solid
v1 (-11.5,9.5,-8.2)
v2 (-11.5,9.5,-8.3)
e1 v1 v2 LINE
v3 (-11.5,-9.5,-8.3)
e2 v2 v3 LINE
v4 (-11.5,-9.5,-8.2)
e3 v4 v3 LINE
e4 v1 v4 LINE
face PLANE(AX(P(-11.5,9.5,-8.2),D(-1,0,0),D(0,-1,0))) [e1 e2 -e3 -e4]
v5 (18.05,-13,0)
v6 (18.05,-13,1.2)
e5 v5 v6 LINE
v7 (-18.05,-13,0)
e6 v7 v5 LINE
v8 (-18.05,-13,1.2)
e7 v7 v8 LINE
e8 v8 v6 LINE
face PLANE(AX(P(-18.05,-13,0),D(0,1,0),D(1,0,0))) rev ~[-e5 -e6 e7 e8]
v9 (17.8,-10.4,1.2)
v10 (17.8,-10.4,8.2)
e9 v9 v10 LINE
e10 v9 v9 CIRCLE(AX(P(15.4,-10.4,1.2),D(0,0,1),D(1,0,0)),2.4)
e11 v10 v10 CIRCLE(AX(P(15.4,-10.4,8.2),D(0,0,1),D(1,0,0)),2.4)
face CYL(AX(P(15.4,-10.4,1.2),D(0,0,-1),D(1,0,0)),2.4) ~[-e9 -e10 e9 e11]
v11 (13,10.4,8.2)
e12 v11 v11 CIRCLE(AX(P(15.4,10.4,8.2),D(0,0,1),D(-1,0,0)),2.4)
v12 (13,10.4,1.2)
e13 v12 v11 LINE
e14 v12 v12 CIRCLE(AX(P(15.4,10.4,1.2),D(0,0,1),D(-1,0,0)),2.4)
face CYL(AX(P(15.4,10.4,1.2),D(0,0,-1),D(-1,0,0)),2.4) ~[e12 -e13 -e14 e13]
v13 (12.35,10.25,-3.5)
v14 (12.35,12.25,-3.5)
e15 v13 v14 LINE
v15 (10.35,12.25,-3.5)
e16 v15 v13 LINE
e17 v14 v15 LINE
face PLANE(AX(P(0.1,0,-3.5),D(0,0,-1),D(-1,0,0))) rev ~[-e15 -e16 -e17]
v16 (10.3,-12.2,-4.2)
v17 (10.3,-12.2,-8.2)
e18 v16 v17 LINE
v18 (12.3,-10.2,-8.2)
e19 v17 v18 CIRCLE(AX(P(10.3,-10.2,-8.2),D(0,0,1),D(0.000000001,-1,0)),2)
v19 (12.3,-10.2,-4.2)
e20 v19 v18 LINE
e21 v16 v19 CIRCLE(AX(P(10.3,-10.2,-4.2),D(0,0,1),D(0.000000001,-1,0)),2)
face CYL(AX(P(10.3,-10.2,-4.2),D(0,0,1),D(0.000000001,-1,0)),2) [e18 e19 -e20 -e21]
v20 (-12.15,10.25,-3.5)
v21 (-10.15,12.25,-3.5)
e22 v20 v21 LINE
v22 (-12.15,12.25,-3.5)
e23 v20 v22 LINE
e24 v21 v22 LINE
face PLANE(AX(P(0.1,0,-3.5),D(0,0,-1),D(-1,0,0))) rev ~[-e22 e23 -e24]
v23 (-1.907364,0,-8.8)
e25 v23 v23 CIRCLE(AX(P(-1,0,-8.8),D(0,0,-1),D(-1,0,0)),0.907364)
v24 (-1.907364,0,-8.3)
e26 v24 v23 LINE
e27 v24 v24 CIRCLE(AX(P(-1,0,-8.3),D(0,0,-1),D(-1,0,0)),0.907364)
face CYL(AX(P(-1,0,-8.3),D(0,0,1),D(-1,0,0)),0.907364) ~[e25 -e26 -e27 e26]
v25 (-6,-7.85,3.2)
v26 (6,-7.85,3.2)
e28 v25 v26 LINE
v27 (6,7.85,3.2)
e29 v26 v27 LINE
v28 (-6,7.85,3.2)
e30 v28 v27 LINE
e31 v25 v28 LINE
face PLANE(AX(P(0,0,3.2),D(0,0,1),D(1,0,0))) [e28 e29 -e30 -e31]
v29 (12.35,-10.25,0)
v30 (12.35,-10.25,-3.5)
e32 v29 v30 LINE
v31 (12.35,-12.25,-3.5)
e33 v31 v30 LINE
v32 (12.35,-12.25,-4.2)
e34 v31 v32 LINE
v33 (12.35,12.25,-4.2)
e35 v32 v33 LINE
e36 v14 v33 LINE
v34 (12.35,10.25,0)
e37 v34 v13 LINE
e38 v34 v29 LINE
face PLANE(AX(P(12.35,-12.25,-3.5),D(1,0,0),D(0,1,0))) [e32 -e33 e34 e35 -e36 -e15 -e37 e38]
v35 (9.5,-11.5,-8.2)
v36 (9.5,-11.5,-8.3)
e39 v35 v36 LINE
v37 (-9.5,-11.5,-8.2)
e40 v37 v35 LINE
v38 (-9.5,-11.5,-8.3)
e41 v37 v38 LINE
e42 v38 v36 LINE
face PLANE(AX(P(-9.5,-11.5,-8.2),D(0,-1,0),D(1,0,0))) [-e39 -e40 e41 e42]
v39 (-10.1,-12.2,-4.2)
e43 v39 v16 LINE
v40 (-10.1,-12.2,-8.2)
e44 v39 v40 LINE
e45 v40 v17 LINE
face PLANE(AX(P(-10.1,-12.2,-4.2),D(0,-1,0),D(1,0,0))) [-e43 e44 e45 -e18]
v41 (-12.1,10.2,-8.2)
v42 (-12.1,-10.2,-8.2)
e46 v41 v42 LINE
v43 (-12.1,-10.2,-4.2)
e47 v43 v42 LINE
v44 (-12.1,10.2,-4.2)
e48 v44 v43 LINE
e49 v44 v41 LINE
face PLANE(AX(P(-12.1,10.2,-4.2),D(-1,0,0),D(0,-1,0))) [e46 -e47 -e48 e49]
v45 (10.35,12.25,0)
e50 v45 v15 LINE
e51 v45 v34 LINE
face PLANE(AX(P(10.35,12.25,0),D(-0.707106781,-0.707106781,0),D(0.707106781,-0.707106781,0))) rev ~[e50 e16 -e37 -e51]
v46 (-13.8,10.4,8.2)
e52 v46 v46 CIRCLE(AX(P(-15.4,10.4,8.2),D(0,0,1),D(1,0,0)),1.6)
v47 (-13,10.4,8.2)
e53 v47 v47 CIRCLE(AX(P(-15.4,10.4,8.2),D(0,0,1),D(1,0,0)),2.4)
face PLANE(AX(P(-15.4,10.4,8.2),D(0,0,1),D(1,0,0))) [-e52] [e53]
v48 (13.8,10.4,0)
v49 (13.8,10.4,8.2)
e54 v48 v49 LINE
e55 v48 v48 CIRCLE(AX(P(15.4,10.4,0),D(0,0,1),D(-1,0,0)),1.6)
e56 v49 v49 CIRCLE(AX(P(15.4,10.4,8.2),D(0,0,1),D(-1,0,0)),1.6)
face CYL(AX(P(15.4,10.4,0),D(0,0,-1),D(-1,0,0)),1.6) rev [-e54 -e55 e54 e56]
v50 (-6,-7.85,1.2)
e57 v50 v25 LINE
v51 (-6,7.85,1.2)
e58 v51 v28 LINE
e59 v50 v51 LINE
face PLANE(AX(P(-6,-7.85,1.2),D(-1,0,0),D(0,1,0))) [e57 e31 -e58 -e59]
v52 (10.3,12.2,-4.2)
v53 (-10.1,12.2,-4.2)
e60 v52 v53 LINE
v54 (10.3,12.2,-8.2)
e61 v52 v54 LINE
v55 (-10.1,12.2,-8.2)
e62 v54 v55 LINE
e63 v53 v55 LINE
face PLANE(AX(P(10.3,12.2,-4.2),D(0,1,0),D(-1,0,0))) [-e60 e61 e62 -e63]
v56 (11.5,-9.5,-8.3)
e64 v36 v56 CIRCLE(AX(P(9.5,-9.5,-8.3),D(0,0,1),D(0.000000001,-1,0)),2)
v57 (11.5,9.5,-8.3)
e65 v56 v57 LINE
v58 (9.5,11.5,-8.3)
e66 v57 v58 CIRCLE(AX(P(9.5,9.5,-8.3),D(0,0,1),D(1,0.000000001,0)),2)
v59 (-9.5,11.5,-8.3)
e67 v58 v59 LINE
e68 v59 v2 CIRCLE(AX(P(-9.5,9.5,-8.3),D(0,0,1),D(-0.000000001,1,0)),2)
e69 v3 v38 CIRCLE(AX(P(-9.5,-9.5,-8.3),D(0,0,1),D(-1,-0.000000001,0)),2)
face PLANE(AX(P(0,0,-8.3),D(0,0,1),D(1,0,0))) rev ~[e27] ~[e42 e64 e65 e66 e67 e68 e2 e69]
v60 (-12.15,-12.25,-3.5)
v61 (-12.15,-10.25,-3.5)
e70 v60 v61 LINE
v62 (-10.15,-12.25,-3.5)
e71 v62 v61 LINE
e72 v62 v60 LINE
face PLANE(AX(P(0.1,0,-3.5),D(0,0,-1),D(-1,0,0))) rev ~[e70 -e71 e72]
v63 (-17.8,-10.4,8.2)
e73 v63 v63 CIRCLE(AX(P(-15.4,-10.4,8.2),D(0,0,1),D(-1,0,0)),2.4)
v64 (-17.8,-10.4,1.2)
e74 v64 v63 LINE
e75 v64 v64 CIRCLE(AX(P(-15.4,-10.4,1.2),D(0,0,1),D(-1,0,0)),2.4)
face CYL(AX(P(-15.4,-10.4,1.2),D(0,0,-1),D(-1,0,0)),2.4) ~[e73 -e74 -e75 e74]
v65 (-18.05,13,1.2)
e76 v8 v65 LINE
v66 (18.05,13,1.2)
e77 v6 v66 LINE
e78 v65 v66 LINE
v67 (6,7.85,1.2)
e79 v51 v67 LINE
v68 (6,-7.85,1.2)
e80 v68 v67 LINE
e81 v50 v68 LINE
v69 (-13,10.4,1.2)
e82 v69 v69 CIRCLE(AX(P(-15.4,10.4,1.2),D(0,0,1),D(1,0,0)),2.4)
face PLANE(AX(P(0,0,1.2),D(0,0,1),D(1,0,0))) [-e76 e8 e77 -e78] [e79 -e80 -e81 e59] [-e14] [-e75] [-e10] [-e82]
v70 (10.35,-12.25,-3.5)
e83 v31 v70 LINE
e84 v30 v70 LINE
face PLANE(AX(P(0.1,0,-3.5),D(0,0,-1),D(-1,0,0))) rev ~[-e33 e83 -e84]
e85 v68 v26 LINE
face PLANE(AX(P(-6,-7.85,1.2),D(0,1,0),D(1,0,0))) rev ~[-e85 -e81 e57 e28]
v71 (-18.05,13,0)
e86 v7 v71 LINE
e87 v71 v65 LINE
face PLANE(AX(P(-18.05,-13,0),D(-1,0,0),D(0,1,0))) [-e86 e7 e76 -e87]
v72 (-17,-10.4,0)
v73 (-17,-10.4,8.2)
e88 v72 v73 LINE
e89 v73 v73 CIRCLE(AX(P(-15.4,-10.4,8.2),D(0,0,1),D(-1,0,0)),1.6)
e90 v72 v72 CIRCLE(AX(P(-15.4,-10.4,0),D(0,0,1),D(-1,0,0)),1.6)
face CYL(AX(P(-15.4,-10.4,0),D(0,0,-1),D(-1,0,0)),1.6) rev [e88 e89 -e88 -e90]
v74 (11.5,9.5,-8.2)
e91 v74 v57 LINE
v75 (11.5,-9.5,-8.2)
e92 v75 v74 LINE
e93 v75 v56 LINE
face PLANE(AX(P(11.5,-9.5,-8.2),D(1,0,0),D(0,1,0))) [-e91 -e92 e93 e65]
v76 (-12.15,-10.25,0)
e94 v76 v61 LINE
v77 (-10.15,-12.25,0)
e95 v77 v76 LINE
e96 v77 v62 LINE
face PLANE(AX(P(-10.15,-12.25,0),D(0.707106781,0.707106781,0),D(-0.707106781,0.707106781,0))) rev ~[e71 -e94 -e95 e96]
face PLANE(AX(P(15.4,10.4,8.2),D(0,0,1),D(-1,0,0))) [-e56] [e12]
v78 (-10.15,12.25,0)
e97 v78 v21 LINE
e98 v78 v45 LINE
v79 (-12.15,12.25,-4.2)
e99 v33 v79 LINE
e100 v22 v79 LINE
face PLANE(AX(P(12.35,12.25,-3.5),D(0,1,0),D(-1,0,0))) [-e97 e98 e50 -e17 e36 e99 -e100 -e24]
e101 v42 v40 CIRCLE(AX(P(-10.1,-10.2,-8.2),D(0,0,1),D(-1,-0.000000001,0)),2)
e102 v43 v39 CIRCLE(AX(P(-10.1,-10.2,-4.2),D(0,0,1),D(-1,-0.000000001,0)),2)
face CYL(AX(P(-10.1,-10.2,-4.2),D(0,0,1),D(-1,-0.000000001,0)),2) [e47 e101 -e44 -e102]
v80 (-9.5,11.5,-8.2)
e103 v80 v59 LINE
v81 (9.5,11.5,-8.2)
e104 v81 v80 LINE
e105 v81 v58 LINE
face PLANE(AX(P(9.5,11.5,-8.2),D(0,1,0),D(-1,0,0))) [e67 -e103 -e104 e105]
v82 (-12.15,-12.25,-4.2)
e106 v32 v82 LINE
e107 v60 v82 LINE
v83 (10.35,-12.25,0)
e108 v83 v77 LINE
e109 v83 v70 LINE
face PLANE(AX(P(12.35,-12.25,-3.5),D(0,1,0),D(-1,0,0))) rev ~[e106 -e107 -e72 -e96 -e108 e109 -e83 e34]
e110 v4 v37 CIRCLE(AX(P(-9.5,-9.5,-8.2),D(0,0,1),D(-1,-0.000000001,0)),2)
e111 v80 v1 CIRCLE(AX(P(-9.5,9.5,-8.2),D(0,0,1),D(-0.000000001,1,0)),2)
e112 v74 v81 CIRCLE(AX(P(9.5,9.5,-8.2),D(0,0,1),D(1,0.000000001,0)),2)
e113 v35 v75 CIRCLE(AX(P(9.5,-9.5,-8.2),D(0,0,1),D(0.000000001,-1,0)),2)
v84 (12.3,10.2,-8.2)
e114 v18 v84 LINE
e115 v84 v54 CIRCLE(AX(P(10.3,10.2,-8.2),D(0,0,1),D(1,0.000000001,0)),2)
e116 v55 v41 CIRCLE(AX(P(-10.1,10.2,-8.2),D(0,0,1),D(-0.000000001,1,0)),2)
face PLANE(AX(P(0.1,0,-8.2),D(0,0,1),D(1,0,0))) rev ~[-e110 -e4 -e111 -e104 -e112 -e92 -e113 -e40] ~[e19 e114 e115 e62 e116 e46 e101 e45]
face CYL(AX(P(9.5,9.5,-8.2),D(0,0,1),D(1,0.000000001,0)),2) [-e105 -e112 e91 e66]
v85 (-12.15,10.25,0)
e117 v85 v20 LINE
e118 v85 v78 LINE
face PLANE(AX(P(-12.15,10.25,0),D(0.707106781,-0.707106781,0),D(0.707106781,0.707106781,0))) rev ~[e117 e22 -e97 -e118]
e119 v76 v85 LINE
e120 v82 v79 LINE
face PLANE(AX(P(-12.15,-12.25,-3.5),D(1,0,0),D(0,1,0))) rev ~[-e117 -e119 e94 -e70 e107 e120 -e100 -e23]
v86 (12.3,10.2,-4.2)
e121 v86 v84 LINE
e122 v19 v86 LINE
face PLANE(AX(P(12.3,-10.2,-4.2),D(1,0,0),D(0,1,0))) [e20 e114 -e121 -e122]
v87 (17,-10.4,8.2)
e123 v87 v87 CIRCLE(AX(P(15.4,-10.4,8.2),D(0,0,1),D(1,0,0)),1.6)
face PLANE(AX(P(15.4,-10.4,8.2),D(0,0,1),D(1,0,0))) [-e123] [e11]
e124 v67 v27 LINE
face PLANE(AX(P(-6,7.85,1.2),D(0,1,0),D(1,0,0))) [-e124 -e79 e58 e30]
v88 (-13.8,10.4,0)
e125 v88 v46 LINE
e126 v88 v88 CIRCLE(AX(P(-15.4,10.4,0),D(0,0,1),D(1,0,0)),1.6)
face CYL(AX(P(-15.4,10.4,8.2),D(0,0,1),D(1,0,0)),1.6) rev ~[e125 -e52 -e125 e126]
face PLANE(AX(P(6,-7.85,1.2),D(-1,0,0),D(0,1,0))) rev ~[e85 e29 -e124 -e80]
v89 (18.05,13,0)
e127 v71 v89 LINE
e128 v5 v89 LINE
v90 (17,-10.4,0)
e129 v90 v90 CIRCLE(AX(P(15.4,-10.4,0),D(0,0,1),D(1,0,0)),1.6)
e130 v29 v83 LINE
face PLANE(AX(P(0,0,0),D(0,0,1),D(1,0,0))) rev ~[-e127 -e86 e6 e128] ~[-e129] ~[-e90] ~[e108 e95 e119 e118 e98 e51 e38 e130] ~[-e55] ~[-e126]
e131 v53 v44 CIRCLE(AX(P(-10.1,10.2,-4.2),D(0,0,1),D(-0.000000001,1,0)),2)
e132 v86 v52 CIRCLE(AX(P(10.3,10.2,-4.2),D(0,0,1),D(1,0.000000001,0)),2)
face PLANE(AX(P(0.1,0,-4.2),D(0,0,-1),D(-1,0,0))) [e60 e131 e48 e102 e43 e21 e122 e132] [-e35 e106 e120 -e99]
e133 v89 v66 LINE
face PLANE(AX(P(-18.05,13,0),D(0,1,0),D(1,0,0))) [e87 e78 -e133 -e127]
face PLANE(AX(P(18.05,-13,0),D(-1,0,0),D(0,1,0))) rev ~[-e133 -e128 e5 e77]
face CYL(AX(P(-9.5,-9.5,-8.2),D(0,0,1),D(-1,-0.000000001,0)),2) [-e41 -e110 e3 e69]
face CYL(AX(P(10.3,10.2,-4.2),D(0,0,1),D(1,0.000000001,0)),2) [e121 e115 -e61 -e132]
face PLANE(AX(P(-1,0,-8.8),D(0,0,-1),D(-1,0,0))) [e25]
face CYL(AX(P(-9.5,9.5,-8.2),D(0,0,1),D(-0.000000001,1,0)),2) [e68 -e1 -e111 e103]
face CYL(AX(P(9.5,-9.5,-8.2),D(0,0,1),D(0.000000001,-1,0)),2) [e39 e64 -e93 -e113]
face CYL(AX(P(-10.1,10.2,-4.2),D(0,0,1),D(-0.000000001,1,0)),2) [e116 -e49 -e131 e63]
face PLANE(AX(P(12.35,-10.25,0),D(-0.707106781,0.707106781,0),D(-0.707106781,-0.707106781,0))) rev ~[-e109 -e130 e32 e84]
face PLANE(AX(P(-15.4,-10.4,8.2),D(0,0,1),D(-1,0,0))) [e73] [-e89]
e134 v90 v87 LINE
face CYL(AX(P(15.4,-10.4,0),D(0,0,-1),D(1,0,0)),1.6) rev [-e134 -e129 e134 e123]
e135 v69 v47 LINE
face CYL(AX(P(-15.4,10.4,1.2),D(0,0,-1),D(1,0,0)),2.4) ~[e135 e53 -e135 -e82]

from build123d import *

# Parameters (mm, degrees)
SKETCH1_W           = 36.1
SKETCH1_H           = 26
SKETCH1_R           = 1.6
BOSS_EXTRUDE1_DEPTH = 1.2
BOSS_EXTRUDE2_DEPTH = 3.5
SKETCH3_W           = 24.5
SKETCH3_H           = 24.5
BOSS_EXTRUDE3_DEPTH = 0.7
BOSS_EXTRUDE5_DEPTH = 4
BOSS_EXTRUDE6_DEPTH = 0.1
SKETCH6_R           = 0.907363589
BOSS_EXTRUDE7_DEPTH = 0.5
SKETCH7_W           = 12
SKETCH7_H           = 15.7
BOSS_EXTRUDE8_DEPTH = 2
SKETCH8_R           = 2.4
BOSS_EXTRUDE9_DEPTH = 7
SKETCH9_R           = 1.6
CUT_EXTRUDE3_DEPTH  = 28.996472992


with BuildPart() as part:
    # Sketch1 → Boss-Extrude1 (new body)
    with BuildSketch(Plane.XY):
        Rectangle(SKETCH1_W, SKETCH1_H)
        with Locations((-15.4, 10.4)):
            Circle(SKETCH1_R, mode=Mode.SUBTRACT)
        with Locations(Location((15.4, 10.4, 0), (0, 0, 180))):
            Circle(SKETCH1_R, mode=Mode.SUBTRACT)
        with Locations((15.4, -10.4)):
            Circle(SKETCH1_R, mode=Mode.SUBTRACT)
        with Locations(Location((-15.4, -10.4, 0), (0, 0, 180))):
            Circle(SKETCH1_R, mode=Mode.SUBTRACT)
    extrude(amount=BOSS_EXTRUDE1_DEPTH)

    # Sketch2 → Boss-Extrude2 (add)
    with BuildSketch(Plane(origin=(0, 0, 0), x_dir=(-1, 0, 0), z_dir=(0, 0, -1))):
        Polygon((-10.35, 12.25), (-12.35, 10.25), (-12.35, -10.25), (-10.35, -12.25), (10.15, -12.25), (12.15, -10.25), (12.15, 10.25), (10.15, 12.25), align=None)
    extrude(amount=BOSS_EXTRUDE2_DEPTH)

    # Sketch3 → Boss-Extrude3 (add)
    with BuildSketch(Plane(origin=(0, 0, -3.5), x_dir=(-1, 0, 0), z_dir=(0, 0, -1))):
        with Locations((-0.1, 0)):
            Rectangle(SKETCH3_W, SKETCH3_H)
    extrude(amount=BOSS_EXTRUDE3_DEPTH)

    # Sketch4 → Boss-Extrude5 (add)
    with BuildSketch(Plane(origin=(0, 0, -4.2), x_dir=(-1, 0, 0), z_dir=(0, 0, -1))):
        with BuildLine():
            Line((10.1, -12.2), (-10.3, -12.2))
            ThreePointArc((-10.3, -12.2), (-11.714213562, -11.614213562), (-12.3, -10.2))
            Line((-12.3, -10.2), (-12.3, 10.2))
            ThreePointArc((-12.3, 10.2), (-11.714213562, 11.614213562), (-10.3, 12.2))
            Line((-10.3, 12.2), (10.1, 12.2))
            ThreePointArc((10.1, 12.2), (11.514213562, 11.614213562), (12.1, 10.2))
            Line((12.1, 10.2), (12.1, -10.2))
            ThreePointArc((12.1, -10.2), (11.514213562, -11.614213562), (10.1, -12.2))
        make_face()
    extrude(amount=BOSS_EXTRUDE5_DEPTH)

    # Sketch5 → Boss-Extrude6 (add)
    with BuildSketch(Plane(origin=(0, 0, -8.2), x_dir=(-1, 0, 0), z_dir=(0, 0, -1))):
        with BuildLine():
            Line((9.5, -11.5), (-9.5, -11.5))
            ThreePointArc((-9.5, -11.5), (-10.914213562, -10.914213562), (-11.5, -9.5))
            Line((-11.5, -9.5), (-11.5, 9.5))
            ThreePointArc((-11.5, 9.5), (-10.914213562, 10.914213562), (-9.5, 11.5))
            Line((-9.5, 11.5), (9.5, 11.5))
            ThreePointArc((9.5, 11.5), (10.914213562, 10.914213562), (11.5, 9.5))
            Line((11.5, 9.5), (11.5, -9.5))
            ThreePointArc((11.5, -9.5), (10.914213562, -10.914213562), (9.5, -11.5))
        make_face()
    extrude(amount=BOSS_EXTRUDE6_DEPTH)

    # Sketch6 → Boss-Extrude7 (add)
    with BuildSketch(Plane(origin=(0, 0, -8.3), x_dir=(-1, 0, 0), z_dir=(0, 0, -1))):
        with Locations((1, 0)):
            Circle(SKETCH6_R)
    extrude(amount=BOSS_EXTRUDE7_DEPTH)

    # Sketch7 → Boss-Extrude8 (add)
    with BuildSketch(Plane.XY.offset(1.2)):
        Rectangle(SKETCH7_W, SKETCH7_H)
    extrude(amount=BOSS_EXTRUDE8_DEPTH)

    # Sketch8 → Boss-Extrude9 (add)
    with BuildSketch(Plane.XY.offset(1.2)):
        with Locations((-15.4, 10.4)):
            Circle(SKETCH8_R)
        with Locations(Location((15.4, 10.4, 0), (0, 0, 180))):
            Circle(SKETCH8_R)
        with Locations((15.4, -10.4)):
            Circle(SKETCH8_R)
        with Locations(Location((-15.4, -10.4, 0), (0, 0, 180))):
            Circle(SKETCH8_R)
    extrude(amount=BOSS_EXTRUDE9_DEPTH)

    # Sketch9 → Cut-Extrude3 (cut, through all)
    with BuildSketch(Plane.XY.offset(8.2)):
        with Locations((-15.4, 10.4)):
            Circle(SKETCH9_R)
        with Locations(Location((-15.4, -10.4, 0), (0, 0, 180))):
            Circle(SKETCH9_R)
        with Locations((15.4, -10.4)):
            Circle(SKETCH9_R)
        with Locations(Location((15.4, 10.4, 0), (0, 0, 180))):
            Circle(SKETCH9_R)
    extrude(amount=-CUT_EXTRUDE3_DEPTH, mode=Mode.SUBTRACT)


solid = part.part
